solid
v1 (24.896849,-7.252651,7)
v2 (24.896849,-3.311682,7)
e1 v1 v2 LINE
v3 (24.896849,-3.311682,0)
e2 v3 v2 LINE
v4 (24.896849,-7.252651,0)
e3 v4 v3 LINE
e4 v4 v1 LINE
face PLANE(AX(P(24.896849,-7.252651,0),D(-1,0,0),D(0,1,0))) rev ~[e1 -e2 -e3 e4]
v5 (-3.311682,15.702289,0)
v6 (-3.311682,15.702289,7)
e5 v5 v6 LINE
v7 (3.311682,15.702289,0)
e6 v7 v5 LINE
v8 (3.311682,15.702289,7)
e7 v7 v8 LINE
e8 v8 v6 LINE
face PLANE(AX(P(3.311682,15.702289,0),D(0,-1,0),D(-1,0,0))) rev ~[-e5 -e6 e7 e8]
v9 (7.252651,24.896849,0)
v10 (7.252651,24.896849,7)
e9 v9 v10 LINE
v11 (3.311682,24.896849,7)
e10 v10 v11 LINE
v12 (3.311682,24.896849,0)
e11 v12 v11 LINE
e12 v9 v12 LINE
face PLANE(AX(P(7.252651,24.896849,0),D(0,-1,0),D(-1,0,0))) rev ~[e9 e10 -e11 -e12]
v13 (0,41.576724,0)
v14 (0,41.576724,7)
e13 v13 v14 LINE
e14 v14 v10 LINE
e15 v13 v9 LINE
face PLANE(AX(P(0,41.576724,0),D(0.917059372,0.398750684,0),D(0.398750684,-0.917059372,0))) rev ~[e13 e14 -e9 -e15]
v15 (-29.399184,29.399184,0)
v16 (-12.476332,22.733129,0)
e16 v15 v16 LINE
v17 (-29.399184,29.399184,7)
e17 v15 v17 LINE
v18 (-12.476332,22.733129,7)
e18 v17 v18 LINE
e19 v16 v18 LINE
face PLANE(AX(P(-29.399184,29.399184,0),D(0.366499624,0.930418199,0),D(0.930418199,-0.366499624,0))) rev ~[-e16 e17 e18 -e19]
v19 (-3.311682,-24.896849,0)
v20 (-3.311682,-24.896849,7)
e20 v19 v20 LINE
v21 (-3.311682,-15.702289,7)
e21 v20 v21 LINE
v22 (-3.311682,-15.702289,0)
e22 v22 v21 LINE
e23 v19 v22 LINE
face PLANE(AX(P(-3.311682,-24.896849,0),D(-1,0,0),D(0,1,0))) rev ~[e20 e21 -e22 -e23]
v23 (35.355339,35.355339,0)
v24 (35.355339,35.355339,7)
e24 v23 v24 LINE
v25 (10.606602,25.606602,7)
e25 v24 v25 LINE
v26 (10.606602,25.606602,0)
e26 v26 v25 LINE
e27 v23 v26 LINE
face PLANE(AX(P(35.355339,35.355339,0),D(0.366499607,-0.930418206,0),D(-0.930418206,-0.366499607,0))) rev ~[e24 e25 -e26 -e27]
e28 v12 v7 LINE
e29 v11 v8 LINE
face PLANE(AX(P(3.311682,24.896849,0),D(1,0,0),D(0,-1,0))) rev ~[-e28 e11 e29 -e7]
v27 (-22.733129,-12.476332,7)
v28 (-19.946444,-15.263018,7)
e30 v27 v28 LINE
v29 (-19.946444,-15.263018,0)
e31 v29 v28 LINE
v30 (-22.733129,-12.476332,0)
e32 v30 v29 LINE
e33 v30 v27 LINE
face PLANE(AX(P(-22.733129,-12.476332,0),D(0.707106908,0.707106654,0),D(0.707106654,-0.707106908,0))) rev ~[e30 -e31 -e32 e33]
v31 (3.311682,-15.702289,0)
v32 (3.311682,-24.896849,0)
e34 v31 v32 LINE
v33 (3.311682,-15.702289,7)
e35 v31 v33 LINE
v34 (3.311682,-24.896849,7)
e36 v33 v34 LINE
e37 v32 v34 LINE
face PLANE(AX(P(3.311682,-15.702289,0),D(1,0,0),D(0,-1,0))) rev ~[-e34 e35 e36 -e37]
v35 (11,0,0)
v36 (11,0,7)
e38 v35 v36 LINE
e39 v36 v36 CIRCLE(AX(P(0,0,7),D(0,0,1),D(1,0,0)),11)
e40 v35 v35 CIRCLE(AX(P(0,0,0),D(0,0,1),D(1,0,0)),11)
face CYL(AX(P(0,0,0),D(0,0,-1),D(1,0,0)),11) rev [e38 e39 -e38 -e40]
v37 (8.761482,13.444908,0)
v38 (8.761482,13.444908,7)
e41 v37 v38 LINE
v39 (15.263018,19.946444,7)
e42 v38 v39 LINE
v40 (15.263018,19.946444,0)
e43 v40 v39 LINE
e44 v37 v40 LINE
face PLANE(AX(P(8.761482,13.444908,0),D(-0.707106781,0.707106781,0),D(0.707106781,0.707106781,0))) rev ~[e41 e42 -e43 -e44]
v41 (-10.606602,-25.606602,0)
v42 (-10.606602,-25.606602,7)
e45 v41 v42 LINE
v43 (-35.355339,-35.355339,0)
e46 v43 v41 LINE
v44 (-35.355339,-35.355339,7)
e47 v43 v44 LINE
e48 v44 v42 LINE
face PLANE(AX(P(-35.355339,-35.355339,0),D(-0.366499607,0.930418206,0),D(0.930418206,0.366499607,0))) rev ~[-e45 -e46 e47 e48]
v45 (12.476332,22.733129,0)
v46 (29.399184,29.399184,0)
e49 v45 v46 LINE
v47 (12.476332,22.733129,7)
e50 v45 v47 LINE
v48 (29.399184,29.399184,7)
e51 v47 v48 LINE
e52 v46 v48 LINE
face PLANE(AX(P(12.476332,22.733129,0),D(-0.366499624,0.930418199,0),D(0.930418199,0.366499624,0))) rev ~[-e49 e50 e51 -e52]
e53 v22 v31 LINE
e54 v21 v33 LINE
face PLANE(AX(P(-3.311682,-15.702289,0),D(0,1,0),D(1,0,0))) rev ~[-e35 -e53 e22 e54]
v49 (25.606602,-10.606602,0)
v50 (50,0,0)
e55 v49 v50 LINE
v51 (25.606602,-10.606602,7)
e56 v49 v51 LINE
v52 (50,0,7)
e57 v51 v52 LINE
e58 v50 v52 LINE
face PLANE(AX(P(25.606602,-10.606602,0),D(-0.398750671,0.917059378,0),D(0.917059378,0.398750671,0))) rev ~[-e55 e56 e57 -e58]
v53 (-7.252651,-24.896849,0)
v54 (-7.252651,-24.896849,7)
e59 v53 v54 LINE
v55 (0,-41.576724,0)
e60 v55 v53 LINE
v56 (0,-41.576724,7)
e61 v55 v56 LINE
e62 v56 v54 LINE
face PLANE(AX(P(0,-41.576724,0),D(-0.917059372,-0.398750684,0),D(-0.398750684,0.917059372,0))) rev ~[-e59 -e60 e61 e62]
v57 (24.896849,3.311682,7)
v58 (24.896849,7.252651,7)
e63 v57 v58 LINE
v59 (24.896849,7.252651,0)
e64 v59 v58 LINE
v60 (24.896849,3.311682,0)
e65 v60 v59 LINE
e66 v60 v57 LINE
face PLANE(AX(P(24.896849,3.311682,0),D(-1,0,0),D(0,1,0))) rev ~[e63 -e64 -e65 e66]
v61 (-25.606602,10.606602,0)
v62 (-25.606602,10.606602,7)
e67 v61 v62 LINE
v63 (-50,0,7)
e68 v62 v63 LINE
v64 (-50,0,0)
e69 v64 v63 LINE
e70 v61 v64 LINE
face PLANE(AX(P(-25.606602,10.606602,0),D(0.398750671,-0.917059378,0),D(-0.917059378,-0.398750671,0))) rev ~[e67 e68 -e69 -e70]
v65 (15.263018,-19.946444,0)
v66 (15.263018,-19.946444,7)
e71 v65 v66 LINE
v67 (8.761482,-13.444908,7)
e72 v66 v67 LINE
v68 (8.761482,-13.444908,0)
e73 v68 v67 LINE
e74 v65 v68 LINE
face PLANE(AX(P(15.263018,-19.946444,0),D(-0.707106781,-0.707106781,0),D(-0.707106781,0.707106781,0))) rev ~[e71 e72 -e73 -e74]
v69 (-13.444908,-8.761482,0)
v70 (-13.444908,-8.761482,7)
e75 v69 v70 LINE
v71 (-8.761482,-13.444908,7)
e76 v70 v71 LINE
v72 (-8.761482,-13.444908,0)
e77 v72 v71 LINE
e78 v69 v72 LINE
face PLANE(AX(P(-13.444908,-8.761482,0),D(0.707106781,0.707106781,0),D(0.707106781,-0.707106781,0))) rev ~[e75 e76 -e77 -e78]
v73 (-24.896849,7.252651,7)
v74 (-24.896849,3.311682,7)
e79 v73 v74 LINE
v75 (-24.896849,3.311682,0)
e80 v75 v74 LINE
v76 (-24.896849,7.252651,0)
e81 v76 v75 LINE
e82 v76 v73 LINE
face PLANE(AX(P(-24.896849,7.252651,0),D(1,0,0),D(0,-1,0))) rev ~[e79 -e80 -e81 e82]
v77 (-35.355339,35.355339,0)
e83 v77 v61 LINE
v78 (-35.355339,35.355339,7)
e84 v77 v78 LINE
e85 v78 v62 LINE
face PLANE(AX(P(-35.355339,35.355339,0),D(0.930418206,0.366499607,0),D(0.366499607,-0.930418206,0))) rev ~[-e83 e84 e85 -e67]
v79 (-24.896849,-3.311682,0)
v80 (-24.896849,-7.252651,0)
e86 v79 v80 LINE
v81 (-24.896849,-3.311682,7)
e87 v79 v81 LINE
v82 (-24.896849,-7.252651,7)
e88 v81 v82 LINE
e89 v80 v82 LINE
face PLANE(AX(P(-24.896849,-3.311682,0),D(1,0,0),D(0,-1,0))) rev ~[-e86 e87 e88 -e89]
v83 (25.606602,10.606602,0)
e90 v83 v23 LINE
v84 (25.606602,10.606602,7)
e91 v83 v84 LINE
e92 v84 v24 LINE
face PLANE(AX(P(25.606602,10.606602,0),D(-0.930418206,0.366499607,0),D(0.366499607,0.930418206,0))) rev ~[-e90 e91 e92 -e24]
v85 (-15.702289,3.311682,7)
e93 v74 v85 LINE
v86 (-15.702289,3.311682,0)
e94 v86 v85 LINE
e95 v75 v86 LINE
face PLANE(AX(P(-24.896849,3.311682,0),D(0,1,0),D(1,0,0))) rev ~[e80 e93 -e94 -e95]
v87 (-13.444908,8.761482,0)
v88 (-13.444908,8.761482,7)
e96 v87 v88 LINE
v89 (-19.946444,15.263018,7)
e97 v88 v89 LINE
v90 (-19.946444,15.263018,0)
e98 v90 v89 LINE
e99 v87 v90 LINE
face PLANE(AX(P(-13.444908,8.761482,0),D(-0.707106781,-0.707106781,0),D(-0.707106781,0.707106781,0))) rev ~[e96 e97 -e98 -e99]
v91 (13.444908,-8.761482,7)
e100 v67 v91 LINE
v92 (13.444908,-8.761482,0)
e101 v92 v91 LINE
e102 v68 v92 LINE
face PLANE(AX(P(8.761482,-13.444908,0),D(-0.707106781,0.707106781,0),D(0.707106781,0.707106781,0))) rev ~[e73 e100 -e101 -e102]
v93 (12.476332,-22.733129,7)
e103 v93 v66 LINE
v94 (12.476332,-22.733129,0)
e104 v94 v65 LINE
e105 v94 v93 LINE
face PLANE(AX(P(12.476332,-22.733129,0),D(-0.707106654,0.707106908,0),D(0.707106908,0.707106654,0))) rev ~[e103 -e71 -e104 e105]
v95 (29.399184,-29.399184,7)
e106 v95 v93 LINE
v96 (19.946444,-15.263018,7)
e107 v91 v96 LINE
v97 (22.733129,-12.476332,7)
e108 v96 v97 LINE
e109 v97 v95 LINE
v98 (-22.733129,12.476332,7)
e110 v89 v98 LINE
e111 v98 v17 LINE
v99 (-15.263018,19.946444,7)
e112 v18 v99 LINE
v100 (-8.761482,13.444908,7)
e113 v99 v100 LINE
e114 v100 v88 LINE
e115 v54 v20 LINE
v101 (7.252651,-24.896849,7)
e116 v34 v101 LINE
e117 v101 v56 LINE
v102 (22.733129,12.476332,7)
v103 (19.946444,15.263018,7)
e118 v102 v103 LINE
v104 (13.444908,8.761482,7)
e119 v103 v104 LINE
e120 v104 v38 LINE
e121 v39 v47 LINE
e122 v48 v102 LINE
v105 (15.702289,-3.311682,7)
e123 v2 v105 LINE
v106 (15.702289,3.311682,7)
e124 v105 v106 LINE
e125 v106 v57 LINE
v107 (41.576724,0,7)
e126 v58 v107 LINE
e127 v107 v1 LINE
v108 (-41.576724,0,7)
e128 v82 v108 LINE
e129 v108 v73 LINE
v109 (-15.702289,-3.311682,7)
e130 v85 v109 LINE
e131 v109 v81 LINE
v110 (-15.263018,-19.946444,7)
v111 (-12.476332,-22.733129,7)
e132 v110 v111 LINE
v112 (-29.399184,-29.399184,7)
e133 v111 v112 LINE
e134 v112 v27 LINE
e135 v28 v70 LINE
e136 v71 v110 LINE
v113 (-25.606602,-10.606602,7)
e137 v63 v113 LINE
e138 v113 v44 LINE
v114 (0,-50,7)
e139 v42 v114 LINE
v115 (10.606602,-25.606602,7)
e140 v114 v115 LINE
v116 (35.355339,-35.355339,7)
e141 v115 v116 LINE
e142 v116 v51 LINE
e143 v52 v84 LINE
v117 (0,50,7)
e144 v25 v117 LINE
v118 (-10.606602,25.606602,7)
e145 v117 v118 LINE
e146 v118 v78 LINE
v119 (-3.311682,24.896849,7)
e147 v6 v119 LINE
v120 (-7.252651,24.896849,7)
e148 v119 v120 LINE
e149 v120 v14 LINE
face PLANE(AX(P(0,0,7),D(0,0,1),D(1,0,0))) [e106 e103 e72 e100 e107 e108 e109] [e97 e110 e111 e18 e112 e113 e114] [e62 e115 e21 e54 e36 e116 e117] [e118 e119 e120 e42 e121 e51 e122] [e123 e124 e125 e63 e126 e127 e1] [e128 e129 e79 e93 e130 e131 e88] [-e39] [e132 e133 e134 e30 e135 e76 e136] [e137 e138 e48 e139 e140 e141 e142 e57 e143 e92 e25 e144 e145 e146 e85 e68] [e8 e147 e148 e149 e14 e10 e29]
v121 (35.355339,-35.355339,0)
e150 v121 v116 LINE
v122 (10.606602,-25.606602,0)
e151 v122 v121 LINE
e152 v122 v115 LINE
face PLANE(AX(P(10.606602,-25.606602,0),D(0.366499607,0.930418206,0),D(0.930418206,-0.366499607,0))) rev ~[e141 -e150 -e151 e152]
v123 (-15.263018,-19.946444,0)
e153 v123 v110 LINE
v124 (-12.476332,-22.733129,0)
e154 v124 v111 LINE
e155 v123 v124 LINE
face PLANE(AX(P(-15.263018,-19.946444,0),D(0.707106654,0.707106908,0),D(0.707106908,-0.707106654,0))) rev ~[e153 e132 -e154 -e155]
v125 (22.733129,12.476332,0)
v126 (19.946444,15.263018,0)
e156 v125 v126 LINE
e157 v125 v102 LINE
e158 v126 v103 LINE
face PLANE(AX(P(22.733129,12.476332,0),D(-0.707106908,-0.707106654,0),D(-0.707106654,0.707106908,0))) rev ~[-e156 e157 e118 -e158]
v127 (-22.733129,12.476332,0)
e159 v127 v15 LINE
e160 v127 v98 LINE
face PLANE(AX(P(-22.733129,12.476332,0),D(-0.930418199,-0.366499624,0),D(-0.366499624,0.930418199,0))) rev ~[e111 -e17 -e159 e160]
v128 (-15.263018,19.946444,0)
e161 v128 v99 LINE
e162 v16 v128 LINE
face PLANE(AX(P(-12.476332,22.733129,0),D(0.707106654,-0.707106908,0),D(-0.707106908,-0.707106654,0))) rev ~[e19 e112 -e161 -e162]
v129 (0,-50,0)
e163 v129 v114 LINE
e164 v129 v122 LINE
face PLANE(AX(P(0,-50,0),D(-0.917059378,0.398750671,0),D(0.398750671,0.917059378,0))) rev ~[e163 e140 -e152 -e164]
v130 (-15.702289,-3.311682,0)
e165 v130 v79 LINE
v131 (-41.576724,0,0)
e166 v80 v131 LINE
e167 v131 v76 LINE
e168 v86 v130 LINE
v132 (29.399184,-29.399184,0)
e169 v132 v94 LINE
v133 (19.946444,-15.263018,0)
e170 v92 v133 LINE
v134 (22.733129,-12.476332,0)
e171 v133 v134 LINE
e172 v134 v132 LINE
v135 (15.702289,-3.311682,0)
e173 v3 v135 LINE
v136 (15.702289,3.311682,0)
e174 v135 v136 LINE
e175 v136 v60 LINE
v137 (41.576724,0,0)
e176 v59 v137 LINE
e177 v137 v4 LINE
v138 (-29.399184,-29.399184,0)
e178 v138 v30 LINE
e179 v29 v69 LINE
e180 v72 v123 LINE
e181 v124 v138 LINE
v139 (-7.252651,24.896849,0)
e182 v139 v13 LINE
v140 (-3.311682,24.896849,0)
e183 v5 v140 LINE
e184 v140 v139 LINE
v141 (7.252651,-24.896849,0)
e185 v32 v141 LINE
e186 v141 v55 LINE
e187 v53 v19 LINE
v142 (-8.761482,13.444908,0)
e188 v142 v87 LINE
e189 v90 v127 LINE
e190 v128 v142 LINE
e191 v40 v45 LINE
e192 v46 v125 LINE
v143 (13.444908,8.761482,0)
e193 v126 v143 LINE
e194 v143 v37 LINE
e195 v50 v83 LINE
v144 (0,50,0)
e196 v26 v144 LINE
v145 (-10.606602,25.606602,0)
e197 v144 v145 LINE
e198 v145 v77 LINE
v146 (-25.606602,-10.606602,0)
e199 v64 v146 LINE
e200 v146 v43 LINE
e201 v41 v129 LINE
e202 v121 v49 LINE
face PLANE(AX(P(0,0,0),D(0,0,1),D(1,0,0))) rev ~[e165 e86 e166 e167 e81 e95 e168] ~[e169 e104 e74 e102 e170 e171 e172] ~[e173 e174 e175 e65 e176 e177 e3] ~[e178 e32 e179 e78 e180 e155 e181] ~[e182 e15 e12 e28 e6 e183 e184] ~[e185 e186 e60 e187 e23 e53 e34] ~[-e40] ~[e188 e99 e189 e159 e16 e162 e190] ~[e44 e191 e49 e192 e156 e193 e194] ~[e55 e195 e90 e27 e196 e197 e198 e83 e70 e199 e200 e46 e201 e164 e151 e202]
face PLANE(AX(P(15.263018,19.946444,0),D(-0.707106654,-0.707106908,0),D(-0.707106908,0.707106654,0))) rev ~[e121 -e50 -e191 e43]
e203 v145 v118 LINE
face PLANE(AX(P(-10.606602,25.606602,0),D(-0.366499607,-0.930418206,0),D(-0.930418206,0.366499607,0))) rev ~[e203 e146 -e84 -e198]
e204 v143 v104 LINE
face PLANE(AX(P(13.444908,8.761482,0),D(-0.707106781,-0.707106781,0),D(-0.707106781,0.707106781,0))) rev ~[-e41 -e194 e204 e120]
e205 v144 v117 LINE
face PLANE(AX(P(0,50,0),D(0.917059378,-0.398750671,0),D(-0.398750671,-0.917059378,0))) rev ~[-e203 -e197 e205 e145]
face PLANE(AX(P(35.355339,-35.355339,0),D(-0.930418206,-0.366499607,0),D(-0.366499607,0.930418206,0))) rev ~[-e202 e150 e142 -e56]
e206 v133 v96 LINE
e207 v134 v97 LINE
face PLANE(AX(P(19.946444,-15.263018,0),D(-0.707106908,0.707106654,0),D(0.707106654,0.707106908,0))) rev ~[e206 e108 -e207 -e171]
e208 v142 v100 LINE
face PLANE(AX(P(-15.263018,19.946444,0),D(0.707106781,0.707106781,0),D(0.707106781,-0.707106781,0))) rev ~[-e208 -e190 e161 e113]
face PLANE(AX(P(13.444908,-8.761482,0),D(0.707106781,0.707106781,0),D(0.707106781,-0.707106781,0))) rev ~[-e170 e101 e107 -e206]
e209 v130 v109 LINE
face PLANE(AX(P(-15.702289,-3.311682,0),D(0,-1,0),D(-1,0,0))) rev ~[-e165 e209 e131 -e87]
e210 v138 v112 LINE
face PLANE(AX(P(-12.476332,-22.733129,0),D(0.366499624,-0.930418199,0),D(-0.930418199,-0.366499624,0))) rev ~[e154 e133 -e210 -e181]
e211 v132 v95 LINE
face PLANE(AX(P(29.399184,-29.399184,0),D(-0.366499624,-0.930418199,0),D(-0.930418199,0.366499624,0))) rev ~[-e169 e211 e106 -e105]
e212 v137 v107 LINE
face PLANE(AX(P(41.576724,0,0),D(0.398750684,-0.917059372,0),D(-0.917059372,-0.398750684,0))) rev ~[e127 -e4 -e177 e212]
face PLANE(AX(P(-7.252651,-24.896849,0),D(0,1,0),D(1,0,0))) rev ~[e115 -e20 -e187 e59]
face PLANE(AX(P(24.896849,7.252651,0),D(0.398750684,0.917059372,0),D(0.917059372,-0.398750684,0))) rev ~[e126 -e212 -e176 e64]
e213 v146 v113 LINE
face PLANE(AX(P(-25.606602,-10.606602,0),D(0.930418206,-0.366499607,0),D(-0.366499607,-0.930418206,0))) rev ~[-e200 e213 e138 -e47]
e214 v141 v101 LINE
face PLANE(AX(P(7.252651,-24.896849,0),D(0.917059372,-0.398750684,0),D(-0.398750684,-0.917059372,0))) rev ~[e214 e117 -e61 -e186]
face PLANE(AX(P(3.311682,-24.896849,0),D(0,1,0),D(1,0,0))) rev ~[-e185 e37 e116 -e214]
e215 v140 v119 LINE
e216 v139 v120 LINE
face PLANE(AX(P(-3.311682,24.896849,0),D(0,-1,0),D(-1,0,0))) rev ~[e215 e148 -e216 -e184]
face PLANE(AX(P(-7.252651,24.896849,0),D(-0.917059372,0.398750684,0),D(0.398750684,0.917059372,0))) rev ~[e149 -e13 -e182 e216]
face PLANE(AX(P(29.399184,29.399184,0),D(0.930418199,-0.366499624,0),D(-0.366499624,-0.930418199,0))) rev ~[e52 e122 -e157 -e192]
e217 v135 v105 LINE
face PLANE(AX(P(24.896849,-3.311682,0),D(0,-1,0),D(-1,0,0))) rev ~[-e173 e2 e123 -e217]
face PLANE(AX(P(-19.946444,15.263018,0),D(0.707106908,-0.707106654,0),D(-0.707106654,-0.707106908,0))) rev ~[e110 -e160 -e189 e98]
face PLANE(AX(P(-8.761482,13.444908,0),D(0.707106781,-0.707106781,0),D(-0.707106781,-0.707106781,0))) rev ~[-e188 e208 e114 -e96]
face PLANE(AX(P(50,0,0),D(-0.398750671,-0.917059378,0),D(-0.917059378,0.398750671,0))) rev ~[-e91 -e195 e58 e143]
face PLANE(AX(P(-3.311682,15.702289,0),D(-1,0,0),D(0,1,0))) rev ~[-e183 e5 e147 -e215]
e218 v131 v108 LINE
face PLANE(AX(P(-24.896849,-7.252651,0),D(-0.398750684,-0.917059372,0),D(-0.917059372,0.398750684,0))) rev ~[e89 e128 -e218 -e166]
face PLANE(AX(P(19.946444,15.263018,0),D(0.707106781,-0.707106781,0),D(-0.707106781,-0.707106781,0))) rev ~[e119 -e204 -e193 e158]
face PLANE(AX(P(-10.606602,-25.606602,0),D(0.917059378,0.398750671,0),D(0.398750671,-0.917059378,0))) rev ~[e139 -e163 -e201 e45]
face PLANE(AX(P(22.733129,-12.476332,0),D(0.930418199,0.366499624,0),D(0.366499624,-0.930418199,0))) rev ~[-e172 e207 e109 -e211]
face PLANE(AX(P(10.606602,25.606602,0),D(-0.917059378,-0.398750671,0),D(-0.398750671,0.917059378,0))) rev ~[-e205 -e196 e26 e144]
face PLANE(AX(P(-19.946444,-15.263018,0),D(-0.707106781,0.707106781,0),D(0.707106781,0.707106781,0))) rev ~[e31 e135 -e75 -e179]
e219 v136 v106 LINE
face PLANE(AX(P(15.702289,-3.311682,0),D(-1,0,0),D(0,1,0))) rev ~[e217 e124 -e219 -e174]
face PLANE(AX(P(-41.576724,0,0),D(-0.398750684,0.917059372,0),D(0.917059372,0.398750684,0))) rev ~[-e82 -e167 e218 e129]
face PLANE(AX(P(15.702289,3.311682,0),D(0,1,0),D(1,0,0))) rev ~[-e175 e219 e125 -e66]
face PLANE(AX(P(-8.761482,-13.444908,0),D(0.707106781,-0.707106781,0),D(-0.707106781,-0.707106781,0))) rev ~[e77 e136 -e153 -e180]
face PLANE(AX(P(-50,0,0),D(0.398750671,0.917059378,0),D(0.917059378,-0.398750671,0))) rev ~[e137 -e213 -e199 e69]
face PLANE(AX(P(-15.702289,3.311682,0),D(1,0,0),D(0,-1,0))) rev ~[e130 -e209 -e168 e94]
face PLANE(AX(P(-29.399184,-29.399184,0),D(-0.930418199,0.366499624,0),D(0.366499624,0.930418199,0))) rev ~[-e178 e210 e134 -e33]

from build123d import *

# Parameters (mm, degrees)
F0_R     = 11
F1_DEPTH = 7


with BuildPart() as f1:
    # F0 (on Top) → F1 (new body)
    with BuildSketch(Plane.XY):
        Polygon((0, 50), (-10.606602, 25.606602), (-35.355339, 35.355339), (-25.606602, 10.606602), (-50, 0), (-25.606602, -10.606602), (-35.355339, -35.355339), (-10.606602, -25.606602), (0, -50), (10.606602, -25.606602), (35.355339, -35.355339), (25.606602, -10.606602), (50, 0), (25.606602, 10.606602), (35.355339, 35.355339), (10.606602, 25.606602), align=None)
        Polygon((7.252651, -24.896849), (0, -41.576724), (-7.252651, -24.896849), (-3.311682, -24.896849), (-3.311682, -15.702289), (0, -15.702289), (3.311682, -15.702289), (3.311682, -24.896849), align=None, mode=Mode.SUBTRACT)
        Polygon((-12.476332, -22.733129), (-29.399184, -29.399184), (-22.733129, -12.476332), (-19.946444, -15.263018), (-13.444908, -8.761482), (-11.103195, -11.103195), (-8.761482, -13.444908), (-15.263018, -19.946444), align=None, mode=Mode.SUBTRACT)
        Polygon((22.733129, -12.476332), (29.399184, -29.399184), (12.476332, -22.733129), (15.263018, -19.946444), (8.761482, -13.444908), (11.103195, -11.103195), (13.444908, -8.761482), (19.946444, -15.263018), align=None, mode=Mode.SUBTRACT)
        Polygon((-24.896849, -7.252651), (-41.576724, 0), (-24.896849, 7.252651), (-24.896849, 3.311682), (-15.702289, 3.311682), (-15.702289, 0), (-15.702289, -3.311682), (-24.896849, -3.311682), align=None, mode=Mode.SUBTRACT)
        Polygon((-22.733129, 12.476332), (-29.399184, 29.399184), (-12.476332, 22.733129), (-15.263018, 19.946444), (-8.761482, 13.444908), (-11.103195, 11.103195), (-13.444908, 8.761482), (-19.946444, 15.263018), align=None, mode=Mode.SUBTRACT)
        Circle(F0_R, mode=Mode.SUBTRACT)
        Polygon((12.476332, 22.733129), (29.399184, 29.399184), (22.733129, 12.476332), (19.946444, 15.263018), (13.444908, 8.761482), (11.103195, 11.103195), (8.761482, 13.444908), (15.263018, 19.946444), align=None, mode=Mode.SUBTRACT)
        Polygon((24.896849, 7.252651), (41.576724, 0), (24.896849, -7.252651), (24.896849, -3.311682), (15.702289, -3.311682), (15.702289, 0), (15.702289, 3.311682), (24.896849, 3.311682), align=None, mode=Mode.SUBTRACT)
        Polygon((-7.252651, 24.896849), (0, 41.576724), (7.252651, 24.896849), (3.311682, 24.896849), (3.311682, 15.702289), (0, 15.702289), (-3.311682, 15.702289), (-3.311682, 24.896849), align=None, mode=Mode.SUBTRACT)
    extrude(amount=F1_DEPTH)


solid = f1.part
